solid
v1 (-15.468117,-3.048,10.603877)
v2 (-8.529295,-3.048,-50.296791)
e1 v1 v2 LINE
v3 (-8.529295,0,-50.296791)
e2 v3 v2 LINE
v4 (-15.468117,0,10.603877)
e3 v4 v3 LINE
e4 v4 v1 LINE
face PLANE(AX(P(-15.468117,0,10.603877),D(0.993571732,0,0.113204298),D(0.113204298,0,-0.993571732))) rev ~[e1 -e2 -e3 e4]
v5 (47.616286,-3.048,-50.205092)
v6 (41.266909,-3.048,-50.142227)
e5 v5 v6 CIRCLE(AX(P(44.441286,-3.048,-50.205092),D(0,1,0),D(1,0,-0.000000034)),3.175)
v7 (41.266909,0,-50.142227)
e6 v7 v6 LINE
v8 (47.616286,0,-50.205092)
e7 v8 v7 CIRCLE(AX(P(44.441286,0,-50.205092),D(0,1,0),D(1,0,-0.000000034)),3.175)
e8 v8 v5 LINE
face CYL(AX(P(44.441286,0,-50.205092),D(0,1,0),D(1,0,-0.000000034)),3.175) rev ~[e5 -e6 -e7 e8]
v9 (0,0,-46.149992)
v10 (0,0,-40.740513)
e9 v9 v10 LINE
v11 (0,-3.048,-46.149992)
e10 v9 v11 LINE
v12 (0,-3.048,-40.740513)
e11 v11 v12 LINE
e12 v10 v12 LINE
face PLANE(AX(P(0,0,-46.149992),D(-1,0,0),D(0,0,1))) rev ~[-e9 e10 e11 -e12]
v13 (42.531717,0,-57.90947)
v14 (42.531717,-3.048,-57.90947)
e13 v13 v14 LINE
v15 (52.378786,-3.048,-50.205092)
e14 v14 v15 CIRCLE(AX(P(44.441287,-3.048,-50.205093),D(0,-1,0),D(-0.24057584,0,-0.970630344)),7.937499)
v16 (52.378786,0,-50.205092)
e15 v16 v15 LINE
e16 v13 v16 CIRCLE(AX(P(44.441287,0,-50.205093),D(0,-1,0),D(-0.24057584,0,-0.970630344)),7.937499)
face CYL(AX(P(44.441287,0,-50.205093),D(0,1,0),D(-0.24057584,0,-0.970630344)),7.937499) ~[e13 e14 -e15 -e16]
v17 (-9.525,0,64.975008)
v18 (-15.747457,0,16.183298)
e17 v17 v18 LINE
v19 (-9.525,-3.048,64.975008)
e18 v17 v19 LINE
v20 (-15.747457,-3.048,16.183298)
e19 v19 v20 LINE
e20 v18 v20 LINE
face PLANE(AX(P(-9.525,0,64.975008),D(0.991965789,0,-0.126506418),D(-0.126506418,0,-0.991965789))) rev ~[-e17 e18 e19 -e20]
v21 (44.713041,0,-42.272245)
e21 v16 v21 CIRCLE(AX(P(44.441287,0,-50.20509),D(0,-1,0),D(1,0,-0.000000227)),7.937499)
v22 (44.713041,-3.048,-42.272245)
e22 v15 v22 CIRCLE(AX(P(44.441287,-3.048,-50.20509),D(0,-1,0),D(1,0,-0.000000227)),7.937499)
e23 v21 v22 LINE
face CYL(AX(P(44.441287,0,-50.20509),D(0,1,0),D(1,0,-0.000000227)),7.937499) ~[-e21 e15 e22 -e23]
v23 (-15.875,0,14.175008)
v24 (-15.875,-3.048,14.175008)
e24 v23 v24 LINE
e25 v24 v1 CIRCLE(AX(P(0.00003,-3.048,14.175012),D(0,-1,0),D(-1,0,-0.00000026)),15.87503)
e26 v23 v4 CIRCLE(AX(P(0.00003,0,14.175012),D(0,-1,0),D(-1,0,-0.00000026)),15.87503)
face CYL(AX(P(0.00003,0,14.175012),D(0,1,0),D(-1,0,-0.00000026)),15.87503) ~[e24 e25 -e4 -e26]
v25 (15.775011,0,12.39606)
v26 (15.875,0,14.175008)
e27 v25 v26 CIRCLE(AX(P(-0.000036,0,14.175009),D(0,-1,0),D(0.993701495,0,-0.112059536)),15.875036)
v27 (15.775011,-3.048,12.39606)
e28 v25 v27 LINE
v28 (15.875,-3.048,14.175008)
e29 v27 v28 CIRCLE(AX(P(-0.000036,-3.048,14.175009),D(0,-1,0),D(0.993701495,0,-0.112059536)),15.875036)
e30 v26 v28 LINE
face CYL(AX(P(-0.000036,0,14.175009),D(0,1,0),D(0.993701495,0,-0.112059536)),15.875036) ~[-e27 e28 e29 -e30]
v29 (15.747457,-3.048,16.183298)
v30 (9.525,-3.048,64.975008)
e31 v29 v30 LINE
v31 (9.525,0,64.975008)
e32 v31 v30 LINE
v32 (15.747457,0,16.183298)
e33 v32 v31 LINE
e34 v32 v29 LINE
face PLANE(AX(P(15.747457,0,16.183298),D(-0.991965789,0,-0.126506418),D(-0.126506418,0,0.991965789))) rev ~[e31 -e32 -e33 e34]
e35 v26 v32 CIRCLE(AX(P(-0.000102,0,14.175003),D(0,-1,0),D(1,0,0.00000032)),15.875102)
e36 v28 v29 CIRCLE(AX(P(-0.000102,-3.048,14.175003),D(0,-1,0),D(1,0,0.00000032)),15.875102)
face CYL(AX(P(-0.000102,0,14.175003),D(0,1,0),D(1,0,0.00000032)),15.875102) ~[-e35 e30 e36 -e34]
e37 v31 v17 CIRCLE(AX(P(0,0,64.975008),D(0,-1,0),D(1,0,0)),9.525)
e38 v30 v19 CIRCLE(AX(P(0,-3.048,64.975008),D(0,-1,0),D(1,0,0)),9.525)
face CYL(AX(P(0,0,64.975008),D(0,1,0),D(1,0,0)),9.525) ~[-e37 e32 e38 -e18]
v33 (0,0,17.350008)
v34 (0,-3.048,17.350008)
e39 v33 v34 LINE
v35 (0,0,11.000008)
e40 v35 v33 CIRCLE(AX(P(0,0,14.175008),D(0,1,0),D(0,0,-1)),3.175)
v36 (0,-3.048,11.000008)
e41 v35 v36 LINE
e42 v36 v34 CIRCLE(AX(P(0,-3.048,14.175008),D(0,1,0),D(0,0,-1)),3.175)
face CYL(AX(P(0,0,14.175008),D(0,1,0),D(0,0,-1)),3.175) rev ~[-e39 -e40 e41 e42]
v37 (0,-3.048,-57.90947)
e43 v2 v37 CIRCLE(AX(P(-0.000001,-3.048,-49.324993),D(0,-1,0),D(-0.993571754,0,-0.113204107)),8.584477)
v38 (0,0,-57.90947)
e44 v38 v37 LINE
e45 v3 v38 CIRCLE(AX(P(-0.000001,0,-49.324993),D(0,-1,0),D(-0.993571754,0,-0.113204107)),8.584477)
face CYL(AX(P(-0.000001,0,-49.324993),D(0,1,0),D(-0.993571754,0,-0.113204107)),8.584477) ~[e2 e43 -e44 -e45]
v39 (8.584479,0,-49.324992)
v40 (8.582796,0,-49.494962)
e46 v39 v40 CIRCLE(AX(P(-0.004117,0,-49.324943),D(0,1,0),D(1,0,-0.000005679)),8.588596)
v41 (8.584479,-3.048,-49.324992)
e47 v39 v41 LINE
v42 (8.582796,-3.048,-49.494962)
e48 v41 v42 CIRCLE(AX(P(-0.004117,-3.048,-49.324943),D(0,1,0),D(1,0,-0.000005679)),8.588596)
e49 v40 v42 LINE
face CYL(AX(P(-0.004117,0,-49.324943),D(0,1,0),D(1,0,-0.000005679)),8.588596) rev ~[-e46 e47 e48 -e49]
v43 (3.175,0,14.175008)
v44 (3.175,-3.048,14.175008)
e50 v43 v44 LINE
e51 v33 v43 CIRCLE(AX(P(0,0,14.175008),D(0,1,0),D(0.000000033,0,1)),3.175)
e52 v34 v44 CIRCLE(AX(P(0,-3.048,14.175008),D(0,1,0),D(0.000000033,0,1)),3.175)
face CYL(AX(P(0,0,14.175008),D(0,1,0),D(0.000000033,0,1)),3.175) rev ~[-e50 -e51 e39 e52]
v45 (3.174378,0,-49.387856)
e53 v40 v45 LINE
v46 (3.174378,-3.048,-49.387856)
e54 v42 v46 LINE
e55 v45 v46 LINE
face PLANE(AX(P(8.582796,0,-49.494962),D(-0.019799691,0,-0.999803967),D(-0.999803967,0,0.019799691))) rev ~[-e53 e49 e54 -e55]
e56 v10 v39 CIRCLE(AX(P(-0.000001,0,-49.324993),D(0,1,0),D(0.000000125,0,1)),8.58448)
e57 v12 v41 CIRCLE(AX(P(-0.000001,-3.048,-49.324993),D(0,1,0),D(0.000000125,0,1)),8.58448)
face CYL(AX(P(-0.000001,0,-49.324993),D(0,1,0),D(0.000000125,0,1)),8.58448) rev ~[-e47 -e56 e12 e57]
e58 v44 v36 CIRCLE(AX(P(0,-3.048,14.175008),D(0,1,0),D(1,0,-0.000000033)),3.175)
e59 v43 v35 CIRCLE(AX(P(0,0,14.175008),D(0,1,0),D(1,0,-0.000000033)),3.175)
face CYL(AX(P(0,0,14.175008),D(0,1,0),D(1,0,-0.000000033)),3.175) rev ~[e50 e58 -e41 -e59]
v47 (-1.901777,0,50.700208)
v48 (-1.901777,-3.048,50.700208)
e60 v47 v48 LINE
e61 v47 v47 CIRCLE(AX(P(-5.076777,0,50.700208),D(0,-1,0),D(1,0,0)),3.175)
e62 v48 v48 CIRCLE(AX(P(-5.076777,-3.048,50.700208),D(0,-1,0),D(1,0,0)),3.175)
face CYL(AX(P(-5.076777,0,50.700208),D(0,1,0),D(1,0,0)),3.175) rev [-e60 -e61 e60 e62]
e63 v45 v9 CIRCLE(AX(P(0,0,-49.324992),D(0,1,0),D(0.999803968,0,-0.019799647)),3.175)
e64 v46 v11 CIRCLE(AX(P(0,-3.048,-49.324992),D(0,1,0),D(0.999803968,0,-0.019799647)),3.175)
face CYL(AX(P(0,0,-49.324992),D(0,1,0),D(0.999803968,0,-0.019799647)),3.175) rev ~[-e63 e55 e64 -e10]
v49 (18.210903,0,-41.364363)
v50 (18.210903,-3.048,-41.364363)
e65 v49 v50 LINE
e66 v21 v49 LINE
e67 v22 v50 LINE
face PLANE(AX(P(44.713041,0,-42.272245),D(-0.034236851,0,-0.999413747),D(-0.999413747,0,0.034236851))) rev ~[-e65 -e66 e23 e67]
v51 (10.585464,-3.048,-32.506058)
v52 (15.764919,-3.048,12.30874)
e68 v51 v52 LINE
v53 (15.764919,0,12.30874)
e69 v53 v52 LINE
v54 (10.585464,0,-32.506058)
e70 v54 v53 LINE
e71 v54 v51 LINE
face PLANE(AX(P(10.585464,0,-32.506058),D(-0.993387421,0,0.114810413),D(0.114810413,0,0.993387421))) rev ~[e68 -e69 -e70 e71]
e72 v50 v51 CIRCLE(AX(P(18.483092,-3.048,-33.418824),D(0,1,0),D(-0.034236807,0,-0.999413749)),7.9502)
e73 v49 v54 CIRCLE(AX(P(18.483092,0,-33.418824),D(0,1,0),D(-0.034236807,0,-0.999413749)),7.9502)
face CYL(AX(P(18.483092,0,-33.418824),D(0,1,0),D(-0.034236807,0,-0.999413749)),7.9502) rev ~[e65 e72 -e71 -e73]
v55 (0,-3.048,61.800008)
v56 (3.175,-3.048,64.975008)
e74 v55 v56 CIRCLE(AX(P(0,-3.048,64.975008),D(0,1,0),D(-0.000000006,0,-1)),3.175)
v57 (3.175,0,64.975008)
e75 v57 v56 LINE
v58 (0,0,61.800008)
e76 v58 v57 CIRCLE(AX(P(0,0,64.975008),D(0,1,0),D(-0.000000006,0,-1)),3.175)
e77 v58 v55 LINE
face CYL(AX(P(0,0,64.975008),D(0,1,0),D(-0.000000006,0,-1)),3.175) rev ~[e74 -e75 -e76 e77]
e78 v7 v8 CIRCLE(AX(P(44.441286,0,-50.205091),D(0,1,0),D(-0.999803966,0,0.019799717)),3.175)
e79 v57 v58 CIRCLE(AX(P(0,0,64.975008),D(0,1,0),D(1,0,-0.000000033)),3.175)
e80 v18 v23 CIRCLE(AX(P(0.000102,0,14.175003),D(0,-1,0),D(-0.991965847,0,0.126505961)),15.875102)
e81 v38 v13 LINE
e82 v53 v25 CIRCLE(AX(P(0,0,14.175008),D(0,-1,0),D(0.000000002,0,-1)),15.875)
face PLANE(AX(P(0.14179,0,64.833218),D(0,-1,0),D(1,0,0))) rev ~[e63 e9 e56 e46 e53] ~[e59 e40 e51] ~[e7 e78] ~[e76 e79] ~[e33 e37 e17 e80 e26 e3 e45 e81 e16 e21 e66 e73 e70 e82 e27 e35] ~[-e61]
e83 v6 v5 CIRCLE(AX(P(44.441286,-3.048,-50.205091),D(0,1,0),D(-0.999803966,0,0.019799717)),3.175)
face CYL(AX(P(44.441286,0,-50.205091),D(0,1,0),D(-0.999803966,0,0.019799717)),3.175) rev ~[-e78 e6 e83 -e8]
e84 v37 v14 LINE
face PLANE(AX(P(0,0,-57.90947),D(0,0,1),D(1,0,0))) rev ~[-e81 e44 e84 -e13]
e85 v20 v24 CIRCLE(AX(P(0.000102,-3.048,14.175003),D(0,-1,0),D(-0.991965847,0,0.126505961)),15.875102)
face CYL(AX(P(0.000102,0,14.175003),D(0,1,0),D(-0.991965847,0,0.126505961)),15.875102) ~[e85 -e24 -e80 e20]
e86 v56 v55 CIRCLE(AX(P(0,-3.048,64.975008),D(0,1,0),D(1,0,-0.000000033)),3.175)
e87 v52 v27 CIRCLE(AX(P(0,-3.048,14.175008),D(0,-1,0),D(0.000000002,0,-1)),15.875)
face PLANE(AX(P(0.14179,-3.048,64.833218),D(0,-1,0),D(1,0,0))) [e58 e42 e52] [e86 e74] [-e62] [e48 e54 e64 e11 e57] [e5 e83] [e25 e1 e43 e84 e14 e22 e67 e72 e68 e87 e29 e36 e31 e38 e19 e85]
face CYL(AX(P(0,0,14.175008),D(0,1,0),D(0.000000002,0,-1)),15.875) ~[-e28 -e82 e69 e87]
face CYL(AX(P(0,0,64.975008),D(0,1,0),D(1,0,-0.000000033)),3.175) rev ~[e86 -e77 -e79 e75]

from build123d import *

# Parameters (mm, degrees)
F0_R     = 3.175
F1_DEPTH = 3.048


with BuildPart() as f1:
    # F0 (on Front) → F1 (new body)
    with BuildSketch(Plane.XZ):
        with BuildLine():
            ThreePointArc((3.175, 64.975008), (-2.245064, 67.220072), (0, 61.800008))
            ThreePointArc((0, 61.800008), (2.245064, 62.729944), (3.175, 64.975008))
        make_face()
        with BuildLine():
            ThreePointArc((0, 55.450008), (6.735192, 58.239816), (9.525, 64.975008))
            ThreePointArc((9.525, 64.975008), (0, 74.500008), (-9.525, 64.975008))
            ThreePointArc((-9.525, 64.975008), (-6.735192, 58.239816), (0, 55.450008))
        make_face()
        with BuildLine():
            ThreePointArc((3.175, 64.975008), (2.245064, 62.729944), (0, 61.800008))
            ThreePointArc((0, 61.800008), (-2.245064, 67.220072), (3.175, 64.975008))
        make_face(mode=Mode.SUBTRACT)
        with BuildLine():
            Line((15.747457, 16.183298), (9.525, 64.975008))
            ThreePointArc((9.525, 64.975008), (6.735192, 58.239816), (0, 55.450008))
            Line((0, 55.450008), (0, 30.050008))
            ThreePointArc((0, 30.050008), (10.491283, 26.089227), (15.747457, 16.183298))
        make_face()
        with BuildLine():
            Line((10.585464, -32.506058), (15.775011, 12.39606))
            ThreePointArc((15.775011, 12.39606), (10.577685, 2.337432), (0, -1.699992))
            Line((0, -1.699992), (0, -40.740513))
            ThreePointArc((0, -40.740513), (6.070143, -43.254849), (8.584479, -49.324992))
            ThreePointArc((8.584479, -49.324992), (8.584058, -49.409981), (8.582796, -49.494962))
            Line((8.582796, -49.494962), (36.505342, -50.047931))
            ThreePointArc((36.505342, -50.047931), (38.982324, -44.442832), (44.713041, -42.272245))
            Line((44.713041, -42.272245), (18.210903, -41.364363))
            ThreePointArc((18.210903, -41.364363), (12.457823, -38.605519), (10.585464, -32.506058))
        make_face()
        with BuildLine():
            ThreePointArc((0, 55.450008), (-6.735192, 58.239816), (-9.525, 64.975008))
            Line((-9.525, 64.975008), (-15.747457, 16.183298))
            ThreePointArc((-15.747457, 16.183298), (-10.491283, 26.089227), (0, 30.050008))
            Line((0, 30.050008), (0, 55.450008))
        make_face()
        with Locations((-5.076777, 50.700208)):
            Circle(F0_R, mode=Mode.SUBTRACT)
        with BuildLine():
            ThreePointArc((15.875, 14.175008), (15.843082, 15.181176), (15.747457, 16.183298))
            ThreePointArc((15.747457, 16.183298), (10.491283, 26.089227), (0, 30.050008))
            Line((0, 30.050008), (0, 17.350008))
            ThreePointArc((0, 17.350008), (2.245064, 16.420072), (3.175, 14.175008))
            ThreePointArc((3.175, 14.175008), (2.245064, 11.929944), (0, 11.000008))
            Line((0, 11.000008), (0, -1.699992))
            ThreePointArc((0, -1.699992), (10.577685, 2.337432), (15.775011, 12.39606))
            ThreePointArc((15.775011, 12.39606), (15.849983, 13.28413), (15.875, 14.175008))
        make_face()
        with BuildLine():
            ThreePointArc((0, 30.050008), (-10.491283, 26.089227), (-15.747457, 16.183298))
            ThreePointArc((-15.747457, 16.183298), (-15.843082, 15.181176), (-15.875, 14.175008))
            Line((-15.875, 14.175008), (-15.468117, 10.603877))
            ThreePointArc((-15.468117, 10.603877), (-9.882406, 1.751093), (0, -1.699992))
            Line((0, -1.699992), (0, 11.000008))
            ThreePointArc((0, 11.000008), (-3.175, 14.175008), (0, 17.350008))
            Line((0, 17.350008), (0, 30.050008))
        make_face()
        with BuildLine():
            Line((-15.468117, 10.603877), (-15.875, 14.175008))
            ThreePointArc((-15.875, 14.175008), (-15.772951, 12.37789), (-15.468117, 10.603877))
        make_face()
        with BuildLine():
            ThreePointArc((0, -1.699992), (-9.882406, 1.751093), (-15.468117, 10.603877))
            Line((-15.468117, 10.603877), (-8.529295, -50.296791))
            ThreePointArc((-8.529295, -50.296791), (-6.404517, -43.608748), (0, -40.740513))
            Line((0, -40.740513), (0, -1.699992))
        make_face()
        with BuildLine():
            ThreePointArc((0, -40.740513), (-6.404517, -43.608748), (-8.529295, -50.296791))
            ThreePointArc((-8.529295, -50.296791), (-5.716244, -55.729508), (0, -57.90947))
            ThreePointArc((0, -57.90947), (6.009749, -55.454934), (8.582796, -49.494962))
            Line((8.582796, -49.494962), (3.174378, -49.387856))
            ThreePointArc((3.174378, -49.387856), (-2.267181, -51.547719), (0, -46.149992))
            Line((0, -46.149992), (0, -40.740513))
        make_face()
        with BuildLine():
            ThreePointArc((8.582796, -49.494962), (6.009749, -55.454934), (0, -57.90947))
            Line((0, -57.90947), (42.531717, -57.90947))
            ThreePointArc((42.531717, -57.90947), (38.141724, -55.034111), (36.505342, -50.047931))
            Line((36.505342, -50.047931), (8.582796, -49.494962))
        make_face()
        with BuildLine():
            ThreePointArc((47.616286, -50.205092), (44.47272, -47.030247), (41.266909, -50.142227))
            ThreePointArc((41.266909, -50.142227), (44.409853, -53.379936), (47.616286, -50.205092))
        make_face()
        with BuildLine():
            ThreePointArc((52.378786, -50.205092), (50.149218, -44.689348), (44.713041, -42.272245))
            ThreePointArc((44.713041, -42.272245), (38.982324, -44.442832), (36.505342, -50.047931))
            ThreePointArc((36.505342, -50.047931), (38.141724, -55.034111), (42.531717, -57.90947))
            ThreePointArc((42.531717, -57.90947), (49.332437, -56.456536), (52.378786, -50.205092))
        make_face()
        with BuildLine():
            ThreePointArc((47.616286, -50.205092), (44.409853, -53.379936), (41.266909, -50.142227))
            ThreePointArc((41.266909, -50.142227), (44.47272, -47.030247), (47.616286, -50.205092))
        make_face(mode=Mode.SUBTRACT)
    extrude(amount=F1_DEPTH)


solid = f1.part
